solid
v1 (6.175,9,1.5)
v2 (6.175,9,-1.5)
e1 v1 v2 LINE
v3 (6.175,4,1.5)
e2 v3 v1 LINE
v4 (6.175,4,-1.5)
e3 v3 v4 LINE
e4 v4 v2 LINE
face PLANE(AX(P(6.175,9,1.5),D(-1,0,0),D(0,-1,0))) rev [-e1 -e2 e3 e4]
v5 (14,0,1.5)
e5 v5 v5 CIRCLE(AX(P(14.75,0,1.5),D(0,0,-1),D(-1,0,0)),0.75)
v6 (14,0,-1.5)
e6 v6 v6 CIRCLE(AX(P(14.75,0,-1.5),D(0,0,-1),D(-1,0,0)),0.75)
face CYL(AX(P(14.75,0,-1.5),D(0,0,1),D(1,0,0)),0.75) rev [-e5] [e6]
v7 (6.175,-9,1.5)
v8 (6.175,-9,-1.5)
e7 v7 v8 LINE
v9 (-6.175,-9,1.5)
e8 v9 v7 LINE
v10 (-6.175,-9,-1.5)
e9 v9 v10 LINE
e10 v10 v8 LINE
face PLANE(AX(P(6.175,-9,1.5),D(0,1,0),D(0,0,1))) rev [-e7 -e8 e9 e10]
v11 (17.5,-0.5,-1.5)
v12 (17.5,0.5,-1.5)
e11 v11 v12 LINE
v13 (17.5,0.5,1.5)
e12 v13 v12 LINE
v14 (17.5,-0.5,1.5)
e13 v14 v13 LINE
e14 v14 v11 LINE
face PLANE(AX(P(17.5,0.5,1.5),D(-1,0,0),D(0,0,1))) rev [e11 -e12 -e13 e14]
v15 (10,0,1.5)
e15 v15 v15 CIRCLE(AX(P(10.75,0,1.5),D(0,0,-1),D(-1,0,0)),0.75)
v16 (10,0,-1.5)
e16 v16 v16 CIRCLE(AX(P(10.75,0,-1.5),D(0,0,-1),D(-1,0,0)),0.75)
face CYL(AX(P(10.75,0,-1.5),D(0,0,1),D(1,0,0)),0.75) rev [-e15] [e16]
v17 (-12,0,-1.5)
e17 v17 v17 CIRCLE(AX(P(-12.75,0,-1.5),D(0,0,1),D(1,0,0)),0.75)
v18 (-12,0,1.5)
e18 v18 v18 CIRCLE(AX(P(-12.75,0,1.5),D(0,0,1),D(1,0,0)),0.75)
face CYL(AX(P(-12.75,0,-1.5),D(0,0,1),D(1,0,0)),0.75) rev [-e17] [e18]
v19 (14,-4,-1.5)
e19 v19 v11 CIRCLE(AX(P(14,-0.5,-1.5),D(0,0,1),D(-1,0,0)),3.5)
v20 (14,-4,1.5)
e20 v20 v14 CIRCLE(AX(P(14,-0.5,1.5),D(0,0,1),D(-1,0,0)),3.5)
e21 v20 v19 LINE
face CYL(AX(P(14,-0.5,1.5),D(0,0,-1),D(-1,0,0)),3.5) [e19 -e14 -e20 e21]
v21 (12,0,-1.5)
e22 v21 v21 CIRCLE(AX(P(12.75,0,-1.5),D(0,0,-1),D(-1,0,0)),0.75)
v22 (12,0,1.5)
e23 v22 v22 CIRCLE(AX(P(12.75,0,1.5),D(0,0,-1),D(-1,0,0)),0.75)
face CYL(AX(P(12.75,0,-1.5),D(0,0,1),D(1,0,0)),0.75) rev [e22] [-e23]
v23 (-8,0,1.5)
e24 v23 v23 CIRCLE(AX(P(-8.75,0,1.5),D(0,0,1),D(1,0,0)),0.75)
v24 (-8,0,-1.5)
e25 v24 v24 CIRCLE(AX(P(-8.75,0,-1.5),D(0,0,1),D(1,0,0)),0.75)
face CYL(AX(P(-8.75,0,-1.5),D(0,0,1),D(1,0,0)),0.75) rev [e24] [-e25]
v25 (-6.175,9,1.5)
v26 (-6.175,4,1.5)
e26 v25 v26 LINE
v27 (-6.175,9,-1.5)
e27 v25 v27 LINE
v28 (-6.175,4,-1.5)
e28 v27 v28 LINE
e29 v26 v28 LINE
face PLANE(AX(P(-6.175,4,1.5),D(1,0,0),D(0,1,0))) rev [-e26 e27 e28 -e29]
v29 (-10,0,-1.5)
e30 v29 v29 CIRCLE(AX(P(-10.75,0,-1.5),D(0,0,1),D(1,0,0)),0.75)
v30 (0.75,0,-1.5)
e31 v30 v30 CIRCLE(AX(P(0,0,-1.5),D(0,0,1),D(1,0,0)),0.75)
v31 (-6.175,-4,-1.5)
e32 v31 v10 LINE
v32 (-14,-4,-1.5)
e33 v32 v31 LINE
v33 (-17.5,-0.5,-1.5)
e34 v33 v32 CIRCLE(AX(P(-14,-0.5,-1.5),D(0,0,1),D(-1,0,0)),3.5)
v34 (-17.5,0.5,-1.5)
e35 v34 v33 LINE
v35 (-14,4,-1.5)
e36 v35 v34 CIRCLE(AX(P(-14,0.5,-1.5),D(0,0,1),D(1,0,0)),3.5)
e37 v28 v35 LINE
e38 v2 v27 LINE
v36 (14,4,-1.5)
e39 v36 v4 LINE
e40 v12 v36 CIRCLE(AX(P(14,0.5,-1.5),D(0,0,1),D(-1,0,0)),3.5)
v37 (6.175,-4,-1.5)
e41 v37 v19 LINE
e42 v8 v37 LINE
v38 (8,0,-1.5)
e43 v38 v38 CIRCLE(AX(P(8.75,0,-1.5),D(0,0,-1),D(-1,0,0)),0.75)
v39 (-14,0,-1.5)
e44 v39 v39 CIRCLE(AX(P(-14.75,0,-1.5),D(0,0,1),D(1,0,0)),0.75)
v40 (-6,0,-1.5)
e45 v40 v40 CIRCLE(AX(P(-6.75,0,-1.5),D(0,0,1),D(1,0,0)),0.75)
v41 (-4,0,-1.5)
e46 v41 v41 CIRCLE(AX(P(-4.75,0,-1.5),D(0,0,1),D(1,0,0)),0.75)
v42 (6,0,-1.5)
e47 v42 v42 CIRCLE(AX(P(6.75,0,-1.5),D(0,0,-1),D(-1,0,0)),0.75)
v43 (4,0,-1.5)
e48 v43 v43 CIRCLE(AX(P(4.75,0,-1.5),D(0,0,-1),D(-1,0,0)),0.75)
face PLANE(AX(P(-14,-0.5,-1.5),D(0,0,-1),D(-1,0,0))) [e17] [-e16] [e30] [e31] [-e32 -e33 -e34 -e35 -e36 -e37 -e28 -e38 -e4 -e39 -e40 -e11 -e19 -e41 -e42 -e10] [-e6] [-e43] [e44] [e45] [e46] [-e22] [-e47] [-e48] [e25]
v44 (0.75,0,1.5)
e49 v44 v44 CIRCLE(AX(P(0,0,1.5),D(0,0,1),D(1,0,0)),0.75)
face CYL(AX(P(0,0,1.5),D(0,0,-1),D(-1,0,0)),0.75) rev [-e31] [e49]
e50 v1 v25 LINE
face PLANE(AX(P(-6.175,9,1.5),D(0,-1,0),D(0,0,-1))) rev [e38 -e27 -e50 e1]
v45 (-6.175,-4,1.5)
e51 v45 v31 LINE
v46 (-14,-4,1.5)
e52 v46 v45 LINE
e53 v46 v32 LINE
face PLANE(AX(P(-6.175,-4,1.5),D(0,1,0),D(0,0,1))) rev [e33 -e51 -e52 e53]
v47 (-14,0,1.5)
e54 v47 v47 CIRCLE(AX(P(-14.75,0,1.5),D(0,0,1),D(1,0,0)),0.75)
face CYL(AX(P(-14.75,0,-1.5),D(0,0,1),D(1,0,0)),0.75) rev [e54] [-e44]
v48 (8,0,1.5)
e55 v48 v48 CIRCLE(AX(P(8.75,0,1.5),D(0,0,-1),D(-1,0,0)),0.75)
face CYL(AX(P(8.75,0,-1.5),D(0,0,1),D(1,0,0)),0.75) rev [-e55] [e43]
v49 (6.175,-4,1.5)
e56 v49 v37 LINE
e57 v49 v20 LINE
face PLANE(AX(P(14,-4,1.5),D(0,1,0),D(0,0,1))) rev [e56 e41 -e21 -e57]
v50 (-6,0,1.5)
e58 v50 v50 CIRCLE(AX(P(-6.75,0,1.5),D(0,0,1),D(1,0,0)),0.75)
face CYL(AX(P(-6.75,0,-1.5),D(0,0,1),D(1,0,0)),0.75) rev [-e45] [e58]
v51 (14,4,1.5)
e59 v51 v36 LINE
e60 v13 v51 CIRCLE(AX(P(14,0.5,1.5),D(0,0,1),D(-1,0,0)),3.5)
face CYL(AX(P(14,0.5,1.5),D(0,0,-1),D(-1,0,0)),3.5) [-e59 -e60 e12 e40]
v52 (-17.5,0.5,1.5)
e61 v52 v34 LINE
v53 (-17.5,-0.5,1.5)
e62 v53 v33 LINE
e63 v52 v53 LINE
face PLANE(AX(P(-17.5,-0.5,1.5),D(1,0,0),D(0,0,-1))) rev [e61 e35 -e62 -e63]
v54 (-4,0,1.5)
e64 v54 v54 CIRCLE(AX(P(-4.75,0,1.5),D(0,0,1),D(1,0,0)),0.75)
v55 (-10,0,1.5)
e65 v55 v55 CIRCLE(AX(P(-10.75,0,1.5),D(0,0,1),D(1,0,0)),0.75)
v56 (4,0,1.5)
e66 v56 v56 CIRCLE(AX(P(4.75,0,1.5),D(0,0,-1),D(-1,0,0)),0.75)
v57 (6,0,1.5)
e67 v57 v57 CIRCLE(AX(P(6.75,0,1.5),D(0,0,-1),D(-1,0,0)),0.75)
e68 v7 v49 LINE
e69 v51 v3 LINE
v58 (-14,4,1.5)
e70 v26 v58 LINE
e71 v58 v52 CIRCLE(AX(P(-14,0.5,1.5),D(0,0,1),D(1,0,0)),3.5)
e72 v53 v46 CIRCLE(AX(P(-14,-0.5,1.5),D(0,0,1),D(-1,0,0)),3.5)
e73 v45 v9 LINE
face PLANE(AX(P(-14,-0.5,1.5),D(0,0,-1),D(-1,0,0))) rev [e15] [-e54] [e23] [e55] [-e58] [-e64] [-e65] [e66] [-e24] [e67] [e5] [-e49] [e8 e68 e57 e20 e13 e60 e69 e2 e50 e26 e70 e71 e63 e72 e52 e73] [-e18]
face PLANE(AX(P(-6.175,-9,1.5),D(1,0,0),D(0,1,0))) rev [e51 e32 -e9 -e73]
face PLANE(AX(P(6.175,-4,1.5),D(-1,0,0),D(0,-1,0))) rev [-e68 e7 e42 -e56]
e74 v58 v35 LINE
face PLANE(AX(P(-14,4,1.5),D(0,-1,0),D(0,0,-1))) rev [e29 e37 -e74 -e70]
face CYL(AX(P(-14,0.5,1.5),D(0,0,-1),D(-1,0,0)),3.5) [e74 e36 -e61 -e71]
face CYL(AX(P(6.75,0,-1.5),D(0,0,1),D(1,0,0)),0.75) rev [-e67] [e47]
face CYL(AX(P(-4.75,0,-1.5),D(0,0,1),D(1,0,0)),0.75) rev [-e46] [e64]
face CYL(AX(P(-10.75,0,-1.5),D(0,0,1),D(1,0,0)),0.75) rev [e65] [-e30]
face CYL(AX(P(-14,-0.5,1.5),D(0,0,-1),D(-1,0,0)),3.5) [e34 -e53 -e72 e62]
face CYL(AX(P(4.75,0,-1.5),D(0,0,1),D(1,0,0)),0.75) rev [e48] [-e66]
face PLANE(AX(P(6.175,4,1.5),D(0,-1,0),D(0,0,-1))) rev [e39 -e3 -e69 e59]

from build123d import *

# Parameters (mm, degrees)
SKETCH1_R           = 0.75
BOSS_EXTRUDE1_DEPTH = 1.5
SKETCH2_R           = 0.75
CUT_EXTRUDE1_DEPTH  = 4


with BuildPart() as part:
    # Sketch1 → Boss-Extrude1 (new body, symmetric)
    with BuildSketch(Plane.XY):
        with BuildLine():
            Line((-14, 4), (-6.175, 4))
            Line((-6.175, 4), (-6.175, 9))
            Line((-6.175, 9), (6.175, 9))
            Line((6.175, 9), (6.175, 4))
            Line((6.175, 4), (14, 4))
            ThreePointArc((14, 4), (16.474873734, 2.974873734), (17.5, 0.5))
            Line((17.5, 0.5), (17.5, -0.5))
            ThreePointArc((17.5, -0.5), (16.474873734, -2.974873734), (14, -4))
            Line((14, -4), (6.175, -4))
            Line((6.175, -4), (6.175, -9))
            Line((6.175, -9), (-6.175, -9))
            Line((-6.175, -9), (-6.175, -4))
            Line((-6.175, -4), (-14, -4))
            ThreePointArc((-14, -4), (-16.474873734, -2.974873734), (-17.5, -0.5))
            Line((-17.5, -0.5), (-17.5, 0.5))
            ThreePointArc((-17.5, 0.5), (-16.474873734, 2.974873734), (-14, 4))
        make_face()
        Circle(SKETCH1_R, mode=Mode.SUBTRACT)
    extrude(amount=BOSS_EXTRUDE1_DEPTH, both=True)

    # Sketch2 → Cut-Extrude1 (cut, through all)
    with BuildSketch(Plane.XY.offset(1.5)):
        with Locations((-14.75, 0)):
            Circle(SKETCH2_R)
        with Locations((-12.75, 0)):
            Circle(SKETCH2_R)
        with Locations((-10.75, 0)):
            Circle(SKETCH2_R)
        with Locations((-8.75, 0)):
            Circle(SKETCH2_R)
        with Locations((-6.75, 0)):
            Circle(SKETCH2_R)
        with Locations((-4.75, 0)):
            Circle(SKETCH2_R)
    cut_extrude1 = extrude(amount=-CUT_EXTRUDE1_DEPTH, mode=Mode.SUBTRACT)

    # Mirror1: Cut-Extrude1 across plane
    add(cut_extrude1.mirror(Plane(origin=(0, 0, 0), x_dir=(0, 0, 1), z_dir=(1, 0, 0))), mode=Mode.SUBTRACT)


solid = part.part
